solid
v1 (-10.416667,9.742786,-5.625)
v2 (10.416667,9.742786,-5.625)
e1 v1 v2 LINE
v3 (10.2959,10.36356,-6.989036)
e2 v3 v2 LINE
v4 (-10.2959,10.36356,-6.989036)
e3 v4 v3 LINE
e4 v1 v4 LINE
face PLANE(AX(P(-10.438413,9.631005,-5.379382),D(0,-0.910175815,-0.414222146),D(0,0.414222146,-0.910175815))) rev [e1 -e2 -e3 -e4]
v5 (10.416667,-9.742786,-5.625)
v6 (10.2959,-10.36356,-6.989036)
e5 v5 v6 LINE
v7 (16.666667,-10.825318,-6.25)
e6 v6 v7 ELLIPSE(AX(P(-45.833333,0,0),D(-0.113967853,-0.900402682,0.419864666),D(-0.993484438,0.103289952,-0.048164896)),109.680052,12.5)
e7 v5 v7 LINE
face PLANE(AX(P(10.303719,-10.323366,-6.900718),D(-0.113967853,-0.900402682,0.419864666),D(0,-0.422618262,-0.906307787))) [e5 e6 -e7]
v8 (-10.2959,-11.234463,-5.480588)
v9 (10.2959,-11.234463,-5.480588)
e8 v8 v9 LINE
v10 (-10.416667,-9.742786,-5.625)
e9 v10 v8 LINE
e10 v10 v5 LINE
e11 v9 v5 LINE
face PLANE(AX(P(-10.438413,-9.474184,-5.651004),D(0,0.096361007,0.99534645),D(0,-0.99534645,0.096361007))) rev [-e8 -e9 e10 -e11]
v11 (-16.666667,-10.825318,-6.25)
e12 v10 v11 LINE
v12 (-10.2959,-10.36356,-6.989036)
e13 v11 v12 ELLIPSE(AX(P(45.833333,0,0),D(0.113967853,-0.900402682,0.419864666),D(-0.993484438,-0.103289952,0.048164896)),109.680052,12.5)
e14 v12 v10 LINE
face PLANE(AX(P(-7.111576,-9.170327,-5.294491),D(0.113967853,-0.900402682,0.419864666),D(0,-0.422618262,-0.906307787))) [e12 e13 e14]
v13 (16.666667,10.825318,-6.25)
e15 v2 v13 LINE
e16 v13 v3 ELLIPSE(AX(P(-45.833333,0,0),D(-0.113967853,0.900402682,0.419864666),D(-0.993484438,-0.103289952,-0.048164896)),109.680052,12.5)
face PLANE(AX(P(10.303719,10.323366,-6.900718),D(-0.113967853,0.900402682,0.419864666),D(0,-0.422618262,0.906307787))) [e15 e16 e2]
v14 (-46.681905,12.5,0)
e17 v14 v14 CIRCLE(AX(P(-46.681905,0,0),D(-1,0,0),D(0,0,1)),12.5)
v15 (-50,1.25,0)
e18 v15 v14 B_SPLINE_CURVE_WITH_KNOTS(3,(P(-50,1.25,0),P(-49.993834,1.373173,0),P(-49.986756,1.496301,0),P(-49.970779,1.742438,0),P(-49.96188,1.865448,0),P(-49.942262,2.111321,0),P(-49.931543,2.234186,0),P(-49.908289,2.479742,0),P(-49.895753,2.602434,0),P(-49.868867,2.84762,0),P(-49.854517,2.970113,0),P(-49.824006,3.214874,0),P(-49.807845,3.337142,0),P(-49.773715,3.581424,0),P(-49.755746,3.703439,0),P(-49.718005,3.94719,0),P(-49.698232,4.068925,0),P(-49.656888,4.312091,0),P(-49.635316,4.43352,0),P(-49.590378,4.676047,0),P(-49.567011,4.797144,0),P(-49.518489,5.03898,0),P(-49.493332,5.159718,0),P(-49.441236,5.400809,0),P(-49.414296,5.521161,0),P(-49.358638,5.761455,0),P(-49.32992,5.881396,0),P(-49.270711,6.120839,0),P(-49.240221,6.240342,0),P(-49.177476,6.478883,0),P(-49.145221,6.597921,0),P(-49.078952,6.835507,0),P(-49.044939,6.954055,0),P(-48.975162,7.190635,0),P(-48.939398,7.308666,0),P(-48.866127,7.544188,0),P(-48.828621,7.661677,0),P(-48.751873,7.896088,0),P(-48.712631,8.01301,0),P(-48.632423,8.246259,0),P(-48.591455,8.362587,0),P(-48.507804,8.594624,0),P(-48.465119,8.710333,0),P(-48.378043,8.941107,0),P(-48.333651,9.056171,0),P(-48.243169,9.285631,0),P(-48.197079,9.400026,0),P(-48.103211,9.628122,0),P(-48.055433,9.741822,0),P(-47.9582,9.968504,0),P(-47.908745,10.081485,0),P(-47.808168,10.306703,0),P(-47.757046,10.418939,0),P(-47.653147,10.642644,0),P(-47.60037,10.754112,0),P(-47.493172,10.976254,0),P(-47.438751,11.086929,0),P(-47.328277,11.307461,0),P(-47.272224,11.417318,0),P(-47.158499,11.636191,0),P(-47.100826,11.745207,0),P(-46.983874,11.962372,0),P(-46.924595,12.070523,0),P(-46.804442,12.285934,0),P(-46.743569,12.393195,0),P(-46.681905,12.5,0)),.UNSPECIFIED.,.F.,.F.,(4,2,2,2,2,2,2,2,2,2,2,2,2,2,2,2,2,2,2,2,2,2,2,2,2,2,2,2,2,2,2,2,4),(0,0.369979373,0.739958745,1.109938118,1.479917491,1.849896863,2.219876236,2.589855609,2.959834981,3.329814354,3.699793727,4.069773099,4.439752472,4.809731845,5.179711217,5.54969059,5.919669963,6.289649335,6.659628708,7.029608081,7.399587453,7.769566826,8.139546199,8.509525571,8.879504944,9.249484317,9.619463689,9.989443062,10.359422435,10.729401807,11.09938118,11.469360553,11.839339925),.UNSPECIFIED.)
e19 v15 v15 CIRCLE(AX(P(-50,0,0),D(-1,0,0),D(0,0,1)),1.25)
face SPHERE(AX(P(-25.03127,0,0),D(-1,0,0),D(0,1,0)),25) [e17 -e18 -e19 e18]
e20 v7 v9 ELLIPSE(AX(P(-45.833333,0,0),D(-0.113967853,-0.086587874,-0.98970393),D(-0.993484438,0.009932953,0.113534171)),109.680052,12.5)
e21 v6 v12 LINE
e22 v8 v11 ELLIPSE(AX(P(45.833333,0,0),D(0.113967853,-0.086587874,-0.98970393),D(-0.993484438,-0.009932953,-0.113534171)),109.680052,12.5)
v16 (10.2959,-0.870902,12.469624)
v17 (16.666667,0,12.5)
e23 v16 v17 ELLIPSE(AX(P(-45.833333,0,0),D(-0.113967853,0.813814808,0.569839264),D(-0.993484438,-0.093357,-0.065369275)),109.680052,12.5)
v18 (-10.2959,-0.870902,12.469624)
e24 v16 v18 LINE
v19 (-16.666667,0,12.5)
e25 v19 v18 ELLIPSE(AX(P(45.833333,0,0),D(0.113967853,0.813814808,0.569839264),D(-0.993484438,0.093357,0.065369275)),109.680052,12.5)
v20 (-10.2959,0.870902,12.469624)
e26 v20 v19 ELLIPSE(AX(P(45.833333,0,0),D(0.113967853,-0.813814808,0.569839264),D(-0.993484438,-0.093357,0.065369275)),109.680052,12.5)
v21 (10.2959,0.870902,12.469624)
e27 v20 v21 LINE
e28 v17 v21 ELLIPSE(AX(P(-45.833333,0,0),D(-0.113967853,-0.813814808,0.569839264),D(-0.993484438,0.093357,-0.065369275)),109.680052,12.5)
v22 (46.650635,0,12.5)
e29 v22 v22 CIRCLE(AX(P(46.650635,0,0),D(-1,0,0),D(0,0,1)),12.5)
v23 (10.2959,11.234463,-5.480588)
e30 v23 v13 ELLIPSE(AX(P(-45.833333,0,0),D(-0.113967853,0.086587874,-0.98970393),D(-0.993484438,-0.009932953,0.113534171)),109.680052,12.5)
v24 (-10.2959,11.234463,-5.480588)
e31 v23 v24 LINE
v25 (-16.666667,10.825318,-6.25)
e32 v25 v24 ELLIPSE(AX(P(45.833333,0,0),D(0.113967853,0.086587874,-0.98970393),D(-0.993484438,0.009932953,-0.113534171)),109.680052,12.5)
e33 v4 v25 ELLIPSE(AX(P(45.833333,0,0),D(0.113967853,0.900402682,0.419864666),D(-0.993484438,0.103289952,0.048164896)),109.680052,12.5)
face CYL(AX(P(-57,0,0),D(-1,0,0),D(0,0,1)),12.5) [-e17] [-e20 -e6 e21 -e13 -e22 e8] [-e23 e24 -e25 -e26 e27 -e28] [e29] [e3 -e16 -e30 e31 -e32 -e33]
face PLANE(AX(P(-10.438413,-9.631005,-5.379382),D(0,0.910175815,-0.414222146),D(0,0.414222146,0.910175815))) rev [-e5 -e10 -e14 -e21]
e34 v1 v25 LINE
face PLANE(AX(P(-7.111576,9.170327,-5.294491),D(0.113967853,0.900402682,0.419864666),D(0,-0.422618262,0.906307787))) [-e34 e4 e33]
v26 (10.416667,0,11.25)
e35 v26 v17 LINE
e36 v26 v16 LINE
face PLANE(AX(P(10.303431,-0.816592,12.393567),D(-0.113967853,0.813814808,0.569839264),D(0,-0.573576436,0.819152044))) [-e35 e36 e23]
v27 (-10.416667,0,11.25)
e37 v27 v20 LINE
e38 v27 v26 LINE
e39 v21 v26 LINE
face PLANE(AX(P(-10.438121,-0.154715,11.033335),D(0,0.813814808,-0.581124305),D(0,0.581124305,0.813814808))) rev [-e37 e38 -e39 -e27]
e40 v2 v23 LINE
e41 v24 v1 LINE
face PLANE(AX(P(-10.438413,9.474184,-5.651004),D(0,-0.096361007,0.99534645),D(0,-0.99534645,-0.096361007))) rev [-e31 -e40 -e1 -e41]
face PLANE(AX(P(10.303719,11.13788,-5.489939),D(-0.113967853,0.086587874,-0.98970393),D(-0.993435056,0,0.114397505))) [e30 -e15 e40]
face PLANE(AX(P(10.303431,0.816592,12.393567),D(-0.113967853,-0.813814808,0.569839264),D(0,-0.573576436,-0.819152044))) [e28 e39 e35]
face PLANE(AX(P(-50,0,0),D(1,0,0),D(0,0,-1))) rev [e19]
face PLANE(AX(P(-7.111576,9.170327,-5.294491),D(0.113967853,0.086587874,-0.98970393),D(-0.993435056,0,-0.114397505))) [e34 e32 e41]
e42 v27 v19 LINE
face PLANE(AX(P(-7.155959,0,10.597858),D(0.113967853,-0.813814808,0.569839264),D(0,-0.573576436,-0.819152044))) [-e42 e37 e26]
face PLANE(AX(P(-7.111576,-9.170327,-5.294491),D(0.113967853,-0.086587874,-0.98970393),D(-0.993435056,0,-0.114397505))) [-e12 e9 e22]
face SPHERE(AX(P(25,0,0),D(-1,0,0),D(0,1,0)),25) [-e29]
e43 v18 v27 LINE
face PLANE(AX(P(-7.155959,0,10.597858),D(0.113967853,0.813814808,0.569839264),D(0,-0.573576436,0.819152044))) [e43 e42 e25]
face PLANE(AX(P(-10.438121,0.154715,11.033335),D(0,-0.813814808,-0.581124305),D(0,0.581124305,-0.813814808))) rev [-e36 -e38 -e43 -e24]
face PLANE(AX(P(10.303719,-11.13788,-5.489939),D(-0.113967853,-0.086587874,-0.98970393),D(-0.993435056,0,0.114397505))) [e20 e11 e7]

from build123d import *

# Parameters (mm, degrees)
CIRPATTERN2_COUNT = 3


with BuildPart() as part:
    # Sketch1 → Base-Revolve (revolve)
    with BuildSketch(Plane.XY):
        with BuildLine():
            Line((-50, 0), (-50, 1.25))
            ThreePointArc((-50, 1.25), (-49.010050505, 7.072345027), (-46.68190465, 12.5))
            Line((-46.68190465, 12.5), (46.650635095, 12.5))
            ThreePointArc((46.650635095, 12.5), (49.148145657, 6.470476128), (50, 0))
            Line((50, 0), (-50, 0))
        make_face()
    revolve(axis=Axis((-57, 0, 0), (1, 0, 0)))

    # Cut-Sweep3: sweep along a path in Sketch3
    with BuildLine(Plane(origin=(0, 0, 0), x_dir=(1, 0, 0), z_dir=(0, 1, 0))) as cut_sweep3_path:
        Line((-16.666666667, -12.5), (-10.416666667, -11.25))
        Line((-10.416666667, -11.25), (10.416666667, -11.25))
        Line((10.416666667, -11.25), (16.666666667, -12.5))
    # Sketch4 → Cut-Sweep3 (sweep, cut)
    with BuildSketch(Plane(origin=(-16.666666667, 0, 0), x_dir=(0, 0, -1), z_dir=(1, 0, 0))):
        Polygon((-12.5, 0), (-14.378358908, 1.315241067), (-14.378358908, -1.315241067), align=None)
    cut_sweep3 = sweep(path=cut_sweep3_path.line, transition=Transition.RIGHT, mode=Mode.SUBTRACT)

    # CirPattern2: Cut-Sweep3 ×3 about axis
    cirpattern2_axis = Axis((0, 0, 0), (1, 0, 0))
    for i in range(1, CIRPATTERN2_COUNT):
        add(cut_sweep3.rotate(cirpattern2_axis, i * 360 / CIRPATTERN2_COUNT), mode=Mode.SUBTRACT)


solid = part.part
